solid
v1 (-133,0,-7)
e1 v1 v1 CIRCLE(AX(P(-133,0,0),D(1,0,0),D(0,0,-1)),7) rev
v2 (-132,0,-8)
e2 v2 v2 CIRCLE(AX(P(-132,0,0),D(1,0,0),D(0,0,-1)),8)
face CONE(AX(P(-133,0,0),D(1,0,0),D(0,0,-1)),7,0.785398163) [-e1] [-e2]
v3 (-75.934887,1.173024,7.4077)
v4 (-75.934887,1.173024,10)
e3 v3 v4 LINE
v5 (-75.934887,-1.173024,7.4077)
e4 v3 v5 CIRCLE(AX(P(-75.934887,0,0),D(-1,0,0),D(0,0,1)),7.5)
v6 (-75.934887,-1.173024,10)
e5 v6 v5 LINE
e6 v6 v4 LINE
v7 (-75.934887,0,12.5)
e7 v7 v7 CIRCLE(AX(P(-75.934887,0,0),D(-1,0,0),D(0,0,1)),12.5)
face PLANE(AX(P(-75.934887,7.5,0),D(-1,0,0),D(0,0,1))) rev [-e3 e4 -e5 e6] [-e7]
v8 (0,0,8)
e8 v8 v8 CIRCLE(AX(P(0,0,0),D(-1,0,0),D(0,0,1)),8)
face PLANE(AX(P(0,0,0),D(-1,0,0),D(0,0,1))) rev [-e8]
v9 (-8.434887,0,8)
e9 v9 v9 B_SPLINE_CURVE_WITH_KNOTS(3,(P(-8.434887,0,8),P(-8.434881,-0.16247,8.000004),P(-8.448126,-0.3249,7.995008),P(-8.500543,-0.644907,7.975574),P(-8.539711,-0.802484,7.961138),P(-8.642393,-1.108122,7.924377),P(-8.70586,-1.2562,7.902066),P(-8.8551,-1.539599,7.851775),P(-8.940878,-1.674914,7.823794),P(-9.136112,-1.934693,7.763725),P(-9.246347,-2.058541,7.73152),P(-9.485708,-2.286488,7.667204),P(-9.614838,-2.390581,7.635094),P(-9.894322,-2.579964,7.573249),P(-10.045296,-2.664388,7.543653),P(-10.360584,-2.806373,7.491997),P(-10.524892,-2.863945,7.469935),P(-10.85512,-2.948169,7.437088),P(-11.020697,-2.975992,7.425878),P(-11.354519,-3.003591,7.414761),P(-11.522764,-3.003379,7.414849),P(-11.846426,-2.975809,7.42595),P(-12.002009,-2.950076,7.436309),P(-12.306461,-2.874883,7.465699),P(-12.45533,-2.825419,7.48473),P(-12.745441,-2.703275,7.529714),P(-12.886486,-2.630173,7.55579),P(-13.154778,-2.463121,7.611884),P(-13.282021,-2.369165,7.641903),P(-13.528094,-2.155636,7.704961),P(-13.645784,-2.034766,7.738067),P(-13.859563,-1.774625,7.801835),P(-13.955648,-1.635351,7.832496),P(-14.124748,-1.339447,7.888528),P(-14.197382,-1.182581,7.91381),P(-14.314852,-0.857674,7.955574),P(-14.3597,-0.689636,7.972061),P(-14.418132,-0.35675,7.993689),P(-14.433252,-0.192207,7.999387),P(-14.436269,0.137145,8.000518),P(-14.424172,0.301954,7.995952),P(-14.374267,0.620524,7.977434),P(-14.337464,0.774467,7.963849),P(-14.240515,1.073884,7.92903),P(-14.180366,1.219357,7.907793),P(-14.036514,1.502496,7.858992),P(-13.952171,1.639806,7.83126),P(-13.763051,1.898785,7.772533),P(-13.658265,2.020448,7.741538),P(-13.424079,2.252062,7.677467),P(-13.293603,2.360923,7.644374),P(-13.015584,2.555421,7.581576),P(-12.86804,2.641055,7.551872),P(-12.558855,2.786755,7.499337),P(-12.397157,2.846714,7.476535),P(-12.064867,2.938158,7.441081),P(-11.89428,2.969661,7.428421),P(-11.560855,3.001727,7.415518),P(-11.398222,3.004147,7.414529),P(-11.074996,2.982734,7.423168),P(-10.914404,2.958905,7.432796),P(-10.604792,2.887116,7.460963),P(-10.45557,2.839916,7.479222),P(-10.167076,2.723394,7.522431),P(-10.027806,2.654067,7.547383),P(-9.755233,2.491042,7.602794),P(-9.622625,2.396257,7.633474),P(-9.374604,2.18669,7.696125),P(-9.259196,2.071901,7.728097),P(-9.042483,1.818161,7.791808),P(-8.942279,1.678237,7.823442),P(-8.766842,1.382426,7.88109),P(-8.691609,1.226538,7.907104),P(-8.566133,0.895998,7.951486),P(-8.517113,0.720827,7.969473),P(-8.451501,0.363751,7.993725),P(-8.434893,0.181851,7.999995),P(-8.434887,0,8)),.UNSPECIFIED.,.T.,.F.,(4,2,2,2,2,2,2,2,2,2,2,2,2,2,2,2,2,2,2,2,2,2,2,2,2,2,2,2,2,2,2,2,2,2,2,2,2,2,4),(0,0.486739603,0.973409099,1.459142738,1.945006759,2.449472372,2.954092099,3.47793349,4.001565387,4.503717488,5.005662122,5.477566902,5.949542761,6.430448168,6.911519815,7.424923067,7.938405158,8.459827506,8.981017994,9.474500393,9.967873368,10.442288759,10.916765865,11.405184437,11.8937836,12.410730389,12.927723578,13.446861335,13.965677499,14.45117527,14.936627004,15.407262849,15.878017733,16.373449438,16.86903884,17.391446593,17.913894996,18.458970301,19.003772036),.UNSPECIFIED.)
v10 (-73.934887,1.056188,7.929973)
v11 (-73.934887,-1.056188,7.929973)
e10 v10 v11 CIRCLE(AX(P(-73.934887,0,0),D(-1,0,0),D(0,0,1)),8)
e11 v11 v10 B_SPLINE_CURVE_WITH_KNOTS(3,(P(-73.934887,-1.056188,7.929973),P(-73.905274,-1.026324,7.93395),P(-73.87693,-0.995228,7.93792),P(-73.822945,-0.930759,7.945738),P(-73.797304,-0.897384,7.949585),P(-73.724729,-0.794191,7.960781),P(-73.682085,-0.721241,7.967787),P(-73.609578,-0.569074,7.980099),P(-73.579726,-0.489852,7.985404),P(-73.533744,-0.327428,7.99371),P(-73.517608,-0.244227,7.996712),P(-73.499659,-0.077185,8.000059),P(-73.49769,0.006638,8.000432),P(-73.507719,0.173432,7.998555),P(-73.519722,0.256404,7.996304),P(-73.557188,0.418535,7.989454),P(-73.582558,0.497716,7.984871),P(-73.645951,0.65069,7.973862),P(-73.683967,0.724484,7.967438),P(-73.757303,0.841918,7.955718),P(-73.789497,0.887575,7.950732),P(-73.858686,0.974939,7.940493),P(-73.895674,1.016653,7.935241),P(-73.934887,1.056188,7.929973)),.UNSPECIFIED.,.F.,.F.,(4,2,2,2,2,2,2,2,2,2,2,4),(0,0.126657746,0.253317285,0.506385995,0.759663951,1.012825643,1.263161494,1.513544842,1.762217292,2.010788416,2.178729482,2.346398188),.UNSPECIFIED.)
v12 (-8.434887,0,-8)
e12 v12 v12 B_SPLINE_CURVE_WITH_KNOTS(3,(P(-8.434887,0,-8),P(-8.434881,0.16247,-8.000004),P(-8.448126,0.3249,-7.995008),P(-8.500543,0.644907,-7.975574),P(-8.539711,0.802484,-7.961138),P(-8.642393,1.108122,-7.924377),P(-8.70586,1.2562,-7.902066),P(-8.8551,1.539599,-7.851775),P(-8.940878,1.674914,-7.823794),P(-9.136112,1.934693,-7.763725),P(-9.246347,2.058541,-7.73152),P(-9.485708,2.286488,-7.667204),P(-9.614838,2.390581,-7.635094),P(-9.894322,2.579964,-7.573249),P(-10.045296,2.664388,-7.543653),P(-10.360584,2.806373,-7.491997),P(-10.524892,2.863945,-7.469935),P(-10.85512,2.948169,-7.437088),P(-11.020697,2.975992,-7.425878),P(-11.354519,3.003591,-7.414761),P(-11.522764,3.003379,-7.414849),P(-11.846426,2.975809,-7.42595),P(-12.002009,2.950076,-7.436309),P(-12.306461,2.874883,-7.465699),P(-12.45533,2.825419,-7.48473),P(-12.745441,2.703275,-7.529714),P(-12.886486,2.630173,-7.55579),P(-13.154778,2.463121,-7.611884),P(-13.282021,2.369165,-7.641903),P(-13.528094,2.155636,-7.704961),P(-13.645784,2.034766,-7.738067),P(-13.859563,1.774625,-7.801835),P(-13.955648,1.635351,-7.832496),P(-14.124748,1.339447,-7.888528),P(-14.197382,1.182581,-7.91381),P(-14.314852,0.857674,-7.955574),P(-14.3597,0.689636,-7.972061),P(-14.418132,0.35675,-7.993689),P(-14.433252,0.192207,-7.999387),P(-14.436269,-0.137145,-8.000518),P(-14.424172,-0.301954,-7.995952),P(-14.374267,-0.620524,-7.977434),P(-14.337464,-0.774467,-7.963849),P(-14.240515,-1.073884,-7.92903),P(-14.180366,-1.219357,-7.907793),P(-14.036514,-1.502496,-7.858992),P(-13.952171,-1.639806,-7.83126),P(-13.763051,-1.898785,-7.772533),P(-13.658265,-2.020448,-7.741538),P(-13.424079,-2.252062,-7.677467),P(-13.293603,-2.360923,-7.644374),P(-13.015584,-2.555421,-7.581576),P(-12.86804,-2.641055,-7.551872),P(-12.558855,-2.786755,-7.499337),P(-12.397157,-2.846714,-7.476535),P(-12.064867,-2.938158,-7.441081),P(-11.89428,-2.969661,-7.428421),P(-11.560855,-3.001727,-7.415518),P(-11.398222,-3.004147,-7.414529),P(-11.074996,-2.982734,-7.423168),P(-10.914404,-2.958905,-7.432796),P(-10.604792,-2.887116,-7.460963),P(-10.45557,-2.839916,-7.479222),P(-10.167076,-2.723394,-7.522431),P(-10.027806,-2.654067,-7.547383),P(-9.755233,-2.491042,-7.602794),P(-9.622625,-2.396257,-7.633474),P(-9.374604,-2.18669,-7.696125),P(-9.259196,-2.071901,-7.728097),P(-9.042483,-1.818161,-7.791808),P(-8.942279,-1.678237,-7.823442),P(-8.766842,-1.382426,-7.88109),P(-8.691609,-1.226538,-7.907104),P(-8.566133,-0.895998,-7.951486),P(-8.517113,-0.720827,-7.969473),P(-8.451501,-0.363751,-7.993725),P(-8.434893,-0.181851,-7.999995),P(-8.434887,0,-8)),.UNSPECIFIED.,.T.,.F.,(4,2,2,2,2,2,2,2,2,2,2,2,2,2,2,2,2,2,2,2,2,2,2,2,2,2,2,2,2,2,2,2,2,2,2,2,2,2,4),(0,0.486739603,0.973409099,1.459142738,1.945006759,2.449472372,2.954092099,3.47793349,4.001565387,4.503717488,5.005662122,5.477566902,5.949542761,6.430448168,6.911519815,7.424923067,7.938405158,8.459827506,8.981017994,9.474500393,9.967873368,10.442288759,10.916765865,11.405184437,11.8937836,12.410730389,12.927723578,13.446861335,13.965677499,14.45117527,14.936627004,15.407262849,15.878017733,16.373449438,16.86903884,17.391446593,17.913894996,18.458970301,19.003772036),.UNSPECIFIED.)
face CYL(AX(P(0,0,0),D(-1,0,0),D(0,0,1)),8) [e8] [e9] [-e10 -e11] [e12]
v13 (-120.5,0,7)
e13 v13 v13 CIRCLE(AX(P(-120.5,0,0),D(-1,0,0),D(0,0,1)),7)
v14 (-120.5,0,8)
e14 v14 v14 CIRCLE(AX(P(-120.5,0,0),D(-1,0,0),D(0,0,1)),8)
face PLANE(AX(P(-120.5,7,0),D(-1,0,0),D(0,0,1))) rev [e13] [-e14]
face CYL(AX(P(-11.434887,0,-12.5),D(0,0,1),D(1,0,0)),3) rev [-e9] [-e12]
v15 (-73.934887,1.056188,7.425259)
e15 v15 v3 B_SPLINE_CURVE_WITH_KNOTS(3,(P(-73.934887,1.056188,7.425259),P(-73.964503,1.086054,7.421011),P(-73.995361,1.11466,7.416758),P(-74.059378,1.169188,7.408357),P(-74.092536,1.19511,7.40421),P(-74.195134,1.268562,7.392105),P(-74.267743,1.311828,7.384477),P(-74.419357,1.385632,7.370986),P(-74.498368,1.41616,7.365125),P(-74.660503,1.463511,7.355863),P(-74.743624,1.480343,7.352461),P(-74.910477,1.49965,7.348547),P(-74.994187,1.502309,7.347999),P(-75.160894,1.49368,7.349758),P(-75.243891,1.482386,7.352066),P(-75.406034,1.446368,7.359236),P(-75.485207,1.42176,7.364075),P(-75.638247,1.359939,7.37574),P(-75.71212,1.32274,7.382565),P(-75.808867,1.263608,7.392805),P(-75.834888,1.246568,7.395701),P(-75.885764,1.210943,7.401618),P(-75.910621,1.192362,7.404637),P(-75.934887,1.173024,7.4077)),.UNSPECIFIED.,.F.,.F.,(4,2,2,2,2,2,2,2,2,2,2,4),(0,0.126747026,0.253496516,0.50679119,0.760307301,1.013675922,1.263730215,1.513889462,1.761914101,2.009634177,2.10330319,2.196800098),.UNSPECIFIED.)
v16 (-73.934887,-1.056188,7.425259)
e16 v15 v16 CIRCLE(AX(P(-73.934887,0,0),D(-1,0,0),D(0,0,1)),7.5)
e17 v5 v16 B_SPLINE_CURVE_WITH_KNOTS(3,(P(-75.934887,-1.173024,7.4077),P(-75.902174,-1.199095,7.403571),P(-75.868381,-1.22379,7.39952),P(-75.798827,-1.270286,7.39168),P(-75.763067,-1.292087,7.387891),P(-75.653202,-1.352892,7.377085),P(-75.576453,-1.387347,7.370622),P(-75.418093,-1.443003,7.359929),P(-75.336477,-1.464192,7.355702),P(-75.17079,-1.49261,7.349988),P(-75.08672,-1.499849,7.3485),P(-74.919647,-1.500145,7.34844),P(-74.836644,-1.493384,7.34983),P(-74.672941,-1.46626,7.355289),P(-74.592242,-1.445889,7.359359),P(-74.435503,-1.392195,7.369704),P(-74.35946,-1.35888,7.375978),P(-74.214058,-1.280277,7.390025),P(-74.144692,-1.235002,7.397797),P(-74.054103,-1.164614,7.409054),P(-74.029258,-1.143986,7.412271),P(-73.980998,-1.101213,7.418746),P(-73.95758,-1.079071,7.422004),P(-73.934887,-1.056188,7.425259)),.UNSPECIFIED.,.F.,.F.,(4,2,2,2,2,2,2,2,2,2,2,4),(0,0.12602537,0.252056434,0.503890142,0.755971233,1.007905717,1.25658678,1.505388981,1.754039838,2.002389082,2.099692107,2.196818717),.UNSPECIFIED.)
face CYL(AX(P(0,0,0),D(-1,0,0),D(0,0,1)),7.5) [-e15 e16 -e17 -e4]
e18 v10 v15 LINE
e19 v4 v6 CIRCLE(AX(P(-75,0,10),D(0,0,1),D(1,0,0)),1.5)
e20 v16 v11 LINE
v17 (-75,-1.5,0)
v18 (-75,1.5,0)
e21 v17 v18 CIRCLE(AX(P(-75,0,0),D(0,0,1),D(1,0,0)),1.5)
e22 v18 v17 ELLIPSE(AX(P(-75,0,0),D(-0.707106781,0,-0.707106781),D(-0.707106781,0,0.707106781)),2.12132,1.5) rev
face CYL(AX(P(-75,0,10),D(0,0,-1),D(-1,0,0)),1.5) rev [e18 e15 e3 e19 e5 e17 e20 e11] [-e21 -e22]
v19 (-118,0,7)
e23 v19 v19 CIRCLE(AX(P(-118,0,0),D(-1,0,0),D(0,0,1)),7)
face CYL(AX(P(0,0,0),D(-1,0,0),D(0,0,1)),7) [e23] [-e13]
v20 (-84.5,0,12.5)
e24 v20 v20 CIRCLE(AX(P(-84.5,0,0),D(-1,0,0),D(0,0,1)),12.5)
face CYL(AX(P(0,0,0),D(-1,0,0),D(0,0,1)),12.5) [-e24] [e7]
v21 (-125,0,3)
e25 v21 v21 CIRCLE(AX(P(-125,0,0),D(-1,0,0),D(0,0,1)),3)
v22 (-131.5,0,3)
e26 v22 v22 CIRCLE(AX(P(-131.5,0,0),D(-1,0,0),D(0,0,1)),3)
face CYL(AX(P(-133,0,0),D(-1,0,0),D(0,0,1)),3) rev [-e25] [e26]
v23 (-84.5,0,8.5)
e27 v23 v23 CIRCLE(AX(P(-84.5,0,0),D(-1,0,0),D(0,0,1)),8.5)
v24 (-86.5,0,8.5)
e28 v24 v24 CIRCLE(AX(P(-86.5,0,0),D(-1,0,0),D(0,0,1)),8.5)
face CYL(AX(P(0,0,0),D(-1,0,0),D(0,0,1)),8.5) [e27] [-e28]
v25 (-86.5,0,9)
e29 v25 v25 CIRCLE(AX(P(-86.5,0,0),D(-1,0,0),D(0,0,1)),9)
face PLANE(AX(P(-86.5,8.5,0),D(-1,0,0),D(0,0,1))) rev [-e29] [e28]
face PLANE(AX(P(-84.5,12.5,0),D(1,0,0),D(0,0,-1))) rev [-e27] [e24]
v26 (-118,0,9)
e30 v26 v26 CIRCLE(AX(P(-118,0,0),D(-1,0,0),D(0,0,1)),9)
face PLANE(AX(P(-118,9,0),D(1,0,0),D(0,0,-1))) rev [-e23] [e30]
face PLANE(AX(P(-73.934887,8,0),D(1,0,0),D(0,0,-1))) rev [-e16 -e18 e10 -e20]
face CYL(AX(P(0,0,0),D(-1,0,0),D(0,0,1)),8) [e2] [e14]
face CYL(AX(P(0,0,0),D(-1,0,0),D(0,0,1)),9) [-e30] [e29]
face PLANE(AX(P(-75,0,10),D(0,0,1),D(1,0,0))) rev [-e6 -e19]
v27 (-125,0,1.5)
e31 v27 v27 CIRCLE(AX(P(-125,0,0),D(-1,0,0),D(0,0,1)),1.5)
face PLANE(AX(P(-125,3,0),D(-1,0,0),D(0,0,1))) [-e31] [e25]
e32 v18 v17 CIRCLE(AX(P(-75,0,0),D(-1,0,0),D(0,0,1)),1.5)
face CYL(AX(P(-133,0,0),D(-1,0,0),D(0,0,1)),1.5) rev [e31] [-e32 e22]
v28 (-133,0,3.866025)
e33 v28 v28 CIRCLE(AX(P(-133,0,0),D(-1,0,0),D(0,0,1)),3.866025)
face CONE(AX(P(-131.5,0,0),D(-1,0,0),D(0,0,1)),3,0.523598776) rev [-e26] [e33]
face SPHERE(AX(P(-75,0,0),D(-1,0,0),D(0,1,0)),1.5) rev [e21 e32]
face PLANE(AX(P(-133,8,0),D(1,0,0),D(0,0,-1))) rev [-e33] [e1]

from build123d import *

# Parameters (mm, degrees)
CUT_EXTRUDE_1_DEPTH      = 135.169668703
CUT_EXTRUDE_1_DEPTH_BACK = 135.169668703
SKETCH_4_R               = 3
SKETCH_5_R               = 1.5
CUT_EXTRUDE_2_DEPTH      = 10
CHAMFER_1_SIZE           = 1


with BuildPart() as part:
    # 草图1 → 旋转1 (revolve)
    with BuildSketch(Plane.XY, mode=Mode.PRIVATE) as revolve_1_sk:
        Polygon((0, 0), (0, 8), (-73.934886909, 8), (-73.934886909, 7.5), (-75.934886909, 7.5), (-75.934886909, 12.5), (-84.5, 12.5), (-84.5, 8.5), (-86.5, 8.5), (-86.5, 9), (-118, 9), (-118, 7), (-120.5, 7), (-120.5, 8), (-133, 8), (-133, 0), align=None)
    revolve(revolve_1_sk.sketch.rotate(Axis((0, 0, 0), (1, 0, 0)), 90), axis=Axis((0, 0, 0), (1, 0, 0)))

    # 草图3 → 切除-旋转3 (revolve, cut)
    with BuildSketch(Plane.XY, mode=Mode.PRIVATE) as cut_revolve_3_sk:
        with BuildLine():
            Line((-133, 3.866025404), (-131.5, 3))
            Line((-131.5, 3), (-125, 3))
            Line((-125, 3), (-125, 1.5))
            Line((-125, 1.5), (-75, 1.5))
            ThreePointArc((-75, 1.5), (-73.939339828, 1.060660172), (-73.5, 0))
            Line((-73.5, 0), (-133, 0))
            Line((-133, 0), (-133, 3.866025404))
        make_face()
    revolve(cut_revolve_3_sk.sketch.rotate(Axis((-133, 0, 0), (1, 0, 0)), 90), axis=Axis((-133, 0, 0), (1, 0, 0)), mode=Mode.SUBTRACT)

    # 草图4 → 切除-拉伸1 (cut, two sides: drawn at the far end of the back side and taken through both)
    with BuildSketch(Plane.XY.offset(-CUT_EXTRUDE_1_DEPTH_BACK)):
        with Locations((-11.434886909, 0)):
            Circle(SKETCH_4_R)
    extrude(amount=CUT_EXTRUDE_1_DEPTH + CUT_EXTRUDE_1_DEPTH_BACK, mode=Mode.SUBTRACT)

    # 草图5 → 切除-拉伸2 (cut)
    with BuildSketch(Plane.XY):
        with Locations((-75, 0)):
            Circle(SKETCH_5_R)
    extrude(amount=CUT_EXTRUDE_2_DEPTH, mode=Mode.SUBTRACT)

    # 倒角1
    chamfer_1_edges = [part.edges().sort_by_distance(p)[0] for p in [
        (-133, 0, -8),
    ]]
    chamfer(chamfer_1_edges, length=CHAMFER_1_SIZE)


solid = part.part
